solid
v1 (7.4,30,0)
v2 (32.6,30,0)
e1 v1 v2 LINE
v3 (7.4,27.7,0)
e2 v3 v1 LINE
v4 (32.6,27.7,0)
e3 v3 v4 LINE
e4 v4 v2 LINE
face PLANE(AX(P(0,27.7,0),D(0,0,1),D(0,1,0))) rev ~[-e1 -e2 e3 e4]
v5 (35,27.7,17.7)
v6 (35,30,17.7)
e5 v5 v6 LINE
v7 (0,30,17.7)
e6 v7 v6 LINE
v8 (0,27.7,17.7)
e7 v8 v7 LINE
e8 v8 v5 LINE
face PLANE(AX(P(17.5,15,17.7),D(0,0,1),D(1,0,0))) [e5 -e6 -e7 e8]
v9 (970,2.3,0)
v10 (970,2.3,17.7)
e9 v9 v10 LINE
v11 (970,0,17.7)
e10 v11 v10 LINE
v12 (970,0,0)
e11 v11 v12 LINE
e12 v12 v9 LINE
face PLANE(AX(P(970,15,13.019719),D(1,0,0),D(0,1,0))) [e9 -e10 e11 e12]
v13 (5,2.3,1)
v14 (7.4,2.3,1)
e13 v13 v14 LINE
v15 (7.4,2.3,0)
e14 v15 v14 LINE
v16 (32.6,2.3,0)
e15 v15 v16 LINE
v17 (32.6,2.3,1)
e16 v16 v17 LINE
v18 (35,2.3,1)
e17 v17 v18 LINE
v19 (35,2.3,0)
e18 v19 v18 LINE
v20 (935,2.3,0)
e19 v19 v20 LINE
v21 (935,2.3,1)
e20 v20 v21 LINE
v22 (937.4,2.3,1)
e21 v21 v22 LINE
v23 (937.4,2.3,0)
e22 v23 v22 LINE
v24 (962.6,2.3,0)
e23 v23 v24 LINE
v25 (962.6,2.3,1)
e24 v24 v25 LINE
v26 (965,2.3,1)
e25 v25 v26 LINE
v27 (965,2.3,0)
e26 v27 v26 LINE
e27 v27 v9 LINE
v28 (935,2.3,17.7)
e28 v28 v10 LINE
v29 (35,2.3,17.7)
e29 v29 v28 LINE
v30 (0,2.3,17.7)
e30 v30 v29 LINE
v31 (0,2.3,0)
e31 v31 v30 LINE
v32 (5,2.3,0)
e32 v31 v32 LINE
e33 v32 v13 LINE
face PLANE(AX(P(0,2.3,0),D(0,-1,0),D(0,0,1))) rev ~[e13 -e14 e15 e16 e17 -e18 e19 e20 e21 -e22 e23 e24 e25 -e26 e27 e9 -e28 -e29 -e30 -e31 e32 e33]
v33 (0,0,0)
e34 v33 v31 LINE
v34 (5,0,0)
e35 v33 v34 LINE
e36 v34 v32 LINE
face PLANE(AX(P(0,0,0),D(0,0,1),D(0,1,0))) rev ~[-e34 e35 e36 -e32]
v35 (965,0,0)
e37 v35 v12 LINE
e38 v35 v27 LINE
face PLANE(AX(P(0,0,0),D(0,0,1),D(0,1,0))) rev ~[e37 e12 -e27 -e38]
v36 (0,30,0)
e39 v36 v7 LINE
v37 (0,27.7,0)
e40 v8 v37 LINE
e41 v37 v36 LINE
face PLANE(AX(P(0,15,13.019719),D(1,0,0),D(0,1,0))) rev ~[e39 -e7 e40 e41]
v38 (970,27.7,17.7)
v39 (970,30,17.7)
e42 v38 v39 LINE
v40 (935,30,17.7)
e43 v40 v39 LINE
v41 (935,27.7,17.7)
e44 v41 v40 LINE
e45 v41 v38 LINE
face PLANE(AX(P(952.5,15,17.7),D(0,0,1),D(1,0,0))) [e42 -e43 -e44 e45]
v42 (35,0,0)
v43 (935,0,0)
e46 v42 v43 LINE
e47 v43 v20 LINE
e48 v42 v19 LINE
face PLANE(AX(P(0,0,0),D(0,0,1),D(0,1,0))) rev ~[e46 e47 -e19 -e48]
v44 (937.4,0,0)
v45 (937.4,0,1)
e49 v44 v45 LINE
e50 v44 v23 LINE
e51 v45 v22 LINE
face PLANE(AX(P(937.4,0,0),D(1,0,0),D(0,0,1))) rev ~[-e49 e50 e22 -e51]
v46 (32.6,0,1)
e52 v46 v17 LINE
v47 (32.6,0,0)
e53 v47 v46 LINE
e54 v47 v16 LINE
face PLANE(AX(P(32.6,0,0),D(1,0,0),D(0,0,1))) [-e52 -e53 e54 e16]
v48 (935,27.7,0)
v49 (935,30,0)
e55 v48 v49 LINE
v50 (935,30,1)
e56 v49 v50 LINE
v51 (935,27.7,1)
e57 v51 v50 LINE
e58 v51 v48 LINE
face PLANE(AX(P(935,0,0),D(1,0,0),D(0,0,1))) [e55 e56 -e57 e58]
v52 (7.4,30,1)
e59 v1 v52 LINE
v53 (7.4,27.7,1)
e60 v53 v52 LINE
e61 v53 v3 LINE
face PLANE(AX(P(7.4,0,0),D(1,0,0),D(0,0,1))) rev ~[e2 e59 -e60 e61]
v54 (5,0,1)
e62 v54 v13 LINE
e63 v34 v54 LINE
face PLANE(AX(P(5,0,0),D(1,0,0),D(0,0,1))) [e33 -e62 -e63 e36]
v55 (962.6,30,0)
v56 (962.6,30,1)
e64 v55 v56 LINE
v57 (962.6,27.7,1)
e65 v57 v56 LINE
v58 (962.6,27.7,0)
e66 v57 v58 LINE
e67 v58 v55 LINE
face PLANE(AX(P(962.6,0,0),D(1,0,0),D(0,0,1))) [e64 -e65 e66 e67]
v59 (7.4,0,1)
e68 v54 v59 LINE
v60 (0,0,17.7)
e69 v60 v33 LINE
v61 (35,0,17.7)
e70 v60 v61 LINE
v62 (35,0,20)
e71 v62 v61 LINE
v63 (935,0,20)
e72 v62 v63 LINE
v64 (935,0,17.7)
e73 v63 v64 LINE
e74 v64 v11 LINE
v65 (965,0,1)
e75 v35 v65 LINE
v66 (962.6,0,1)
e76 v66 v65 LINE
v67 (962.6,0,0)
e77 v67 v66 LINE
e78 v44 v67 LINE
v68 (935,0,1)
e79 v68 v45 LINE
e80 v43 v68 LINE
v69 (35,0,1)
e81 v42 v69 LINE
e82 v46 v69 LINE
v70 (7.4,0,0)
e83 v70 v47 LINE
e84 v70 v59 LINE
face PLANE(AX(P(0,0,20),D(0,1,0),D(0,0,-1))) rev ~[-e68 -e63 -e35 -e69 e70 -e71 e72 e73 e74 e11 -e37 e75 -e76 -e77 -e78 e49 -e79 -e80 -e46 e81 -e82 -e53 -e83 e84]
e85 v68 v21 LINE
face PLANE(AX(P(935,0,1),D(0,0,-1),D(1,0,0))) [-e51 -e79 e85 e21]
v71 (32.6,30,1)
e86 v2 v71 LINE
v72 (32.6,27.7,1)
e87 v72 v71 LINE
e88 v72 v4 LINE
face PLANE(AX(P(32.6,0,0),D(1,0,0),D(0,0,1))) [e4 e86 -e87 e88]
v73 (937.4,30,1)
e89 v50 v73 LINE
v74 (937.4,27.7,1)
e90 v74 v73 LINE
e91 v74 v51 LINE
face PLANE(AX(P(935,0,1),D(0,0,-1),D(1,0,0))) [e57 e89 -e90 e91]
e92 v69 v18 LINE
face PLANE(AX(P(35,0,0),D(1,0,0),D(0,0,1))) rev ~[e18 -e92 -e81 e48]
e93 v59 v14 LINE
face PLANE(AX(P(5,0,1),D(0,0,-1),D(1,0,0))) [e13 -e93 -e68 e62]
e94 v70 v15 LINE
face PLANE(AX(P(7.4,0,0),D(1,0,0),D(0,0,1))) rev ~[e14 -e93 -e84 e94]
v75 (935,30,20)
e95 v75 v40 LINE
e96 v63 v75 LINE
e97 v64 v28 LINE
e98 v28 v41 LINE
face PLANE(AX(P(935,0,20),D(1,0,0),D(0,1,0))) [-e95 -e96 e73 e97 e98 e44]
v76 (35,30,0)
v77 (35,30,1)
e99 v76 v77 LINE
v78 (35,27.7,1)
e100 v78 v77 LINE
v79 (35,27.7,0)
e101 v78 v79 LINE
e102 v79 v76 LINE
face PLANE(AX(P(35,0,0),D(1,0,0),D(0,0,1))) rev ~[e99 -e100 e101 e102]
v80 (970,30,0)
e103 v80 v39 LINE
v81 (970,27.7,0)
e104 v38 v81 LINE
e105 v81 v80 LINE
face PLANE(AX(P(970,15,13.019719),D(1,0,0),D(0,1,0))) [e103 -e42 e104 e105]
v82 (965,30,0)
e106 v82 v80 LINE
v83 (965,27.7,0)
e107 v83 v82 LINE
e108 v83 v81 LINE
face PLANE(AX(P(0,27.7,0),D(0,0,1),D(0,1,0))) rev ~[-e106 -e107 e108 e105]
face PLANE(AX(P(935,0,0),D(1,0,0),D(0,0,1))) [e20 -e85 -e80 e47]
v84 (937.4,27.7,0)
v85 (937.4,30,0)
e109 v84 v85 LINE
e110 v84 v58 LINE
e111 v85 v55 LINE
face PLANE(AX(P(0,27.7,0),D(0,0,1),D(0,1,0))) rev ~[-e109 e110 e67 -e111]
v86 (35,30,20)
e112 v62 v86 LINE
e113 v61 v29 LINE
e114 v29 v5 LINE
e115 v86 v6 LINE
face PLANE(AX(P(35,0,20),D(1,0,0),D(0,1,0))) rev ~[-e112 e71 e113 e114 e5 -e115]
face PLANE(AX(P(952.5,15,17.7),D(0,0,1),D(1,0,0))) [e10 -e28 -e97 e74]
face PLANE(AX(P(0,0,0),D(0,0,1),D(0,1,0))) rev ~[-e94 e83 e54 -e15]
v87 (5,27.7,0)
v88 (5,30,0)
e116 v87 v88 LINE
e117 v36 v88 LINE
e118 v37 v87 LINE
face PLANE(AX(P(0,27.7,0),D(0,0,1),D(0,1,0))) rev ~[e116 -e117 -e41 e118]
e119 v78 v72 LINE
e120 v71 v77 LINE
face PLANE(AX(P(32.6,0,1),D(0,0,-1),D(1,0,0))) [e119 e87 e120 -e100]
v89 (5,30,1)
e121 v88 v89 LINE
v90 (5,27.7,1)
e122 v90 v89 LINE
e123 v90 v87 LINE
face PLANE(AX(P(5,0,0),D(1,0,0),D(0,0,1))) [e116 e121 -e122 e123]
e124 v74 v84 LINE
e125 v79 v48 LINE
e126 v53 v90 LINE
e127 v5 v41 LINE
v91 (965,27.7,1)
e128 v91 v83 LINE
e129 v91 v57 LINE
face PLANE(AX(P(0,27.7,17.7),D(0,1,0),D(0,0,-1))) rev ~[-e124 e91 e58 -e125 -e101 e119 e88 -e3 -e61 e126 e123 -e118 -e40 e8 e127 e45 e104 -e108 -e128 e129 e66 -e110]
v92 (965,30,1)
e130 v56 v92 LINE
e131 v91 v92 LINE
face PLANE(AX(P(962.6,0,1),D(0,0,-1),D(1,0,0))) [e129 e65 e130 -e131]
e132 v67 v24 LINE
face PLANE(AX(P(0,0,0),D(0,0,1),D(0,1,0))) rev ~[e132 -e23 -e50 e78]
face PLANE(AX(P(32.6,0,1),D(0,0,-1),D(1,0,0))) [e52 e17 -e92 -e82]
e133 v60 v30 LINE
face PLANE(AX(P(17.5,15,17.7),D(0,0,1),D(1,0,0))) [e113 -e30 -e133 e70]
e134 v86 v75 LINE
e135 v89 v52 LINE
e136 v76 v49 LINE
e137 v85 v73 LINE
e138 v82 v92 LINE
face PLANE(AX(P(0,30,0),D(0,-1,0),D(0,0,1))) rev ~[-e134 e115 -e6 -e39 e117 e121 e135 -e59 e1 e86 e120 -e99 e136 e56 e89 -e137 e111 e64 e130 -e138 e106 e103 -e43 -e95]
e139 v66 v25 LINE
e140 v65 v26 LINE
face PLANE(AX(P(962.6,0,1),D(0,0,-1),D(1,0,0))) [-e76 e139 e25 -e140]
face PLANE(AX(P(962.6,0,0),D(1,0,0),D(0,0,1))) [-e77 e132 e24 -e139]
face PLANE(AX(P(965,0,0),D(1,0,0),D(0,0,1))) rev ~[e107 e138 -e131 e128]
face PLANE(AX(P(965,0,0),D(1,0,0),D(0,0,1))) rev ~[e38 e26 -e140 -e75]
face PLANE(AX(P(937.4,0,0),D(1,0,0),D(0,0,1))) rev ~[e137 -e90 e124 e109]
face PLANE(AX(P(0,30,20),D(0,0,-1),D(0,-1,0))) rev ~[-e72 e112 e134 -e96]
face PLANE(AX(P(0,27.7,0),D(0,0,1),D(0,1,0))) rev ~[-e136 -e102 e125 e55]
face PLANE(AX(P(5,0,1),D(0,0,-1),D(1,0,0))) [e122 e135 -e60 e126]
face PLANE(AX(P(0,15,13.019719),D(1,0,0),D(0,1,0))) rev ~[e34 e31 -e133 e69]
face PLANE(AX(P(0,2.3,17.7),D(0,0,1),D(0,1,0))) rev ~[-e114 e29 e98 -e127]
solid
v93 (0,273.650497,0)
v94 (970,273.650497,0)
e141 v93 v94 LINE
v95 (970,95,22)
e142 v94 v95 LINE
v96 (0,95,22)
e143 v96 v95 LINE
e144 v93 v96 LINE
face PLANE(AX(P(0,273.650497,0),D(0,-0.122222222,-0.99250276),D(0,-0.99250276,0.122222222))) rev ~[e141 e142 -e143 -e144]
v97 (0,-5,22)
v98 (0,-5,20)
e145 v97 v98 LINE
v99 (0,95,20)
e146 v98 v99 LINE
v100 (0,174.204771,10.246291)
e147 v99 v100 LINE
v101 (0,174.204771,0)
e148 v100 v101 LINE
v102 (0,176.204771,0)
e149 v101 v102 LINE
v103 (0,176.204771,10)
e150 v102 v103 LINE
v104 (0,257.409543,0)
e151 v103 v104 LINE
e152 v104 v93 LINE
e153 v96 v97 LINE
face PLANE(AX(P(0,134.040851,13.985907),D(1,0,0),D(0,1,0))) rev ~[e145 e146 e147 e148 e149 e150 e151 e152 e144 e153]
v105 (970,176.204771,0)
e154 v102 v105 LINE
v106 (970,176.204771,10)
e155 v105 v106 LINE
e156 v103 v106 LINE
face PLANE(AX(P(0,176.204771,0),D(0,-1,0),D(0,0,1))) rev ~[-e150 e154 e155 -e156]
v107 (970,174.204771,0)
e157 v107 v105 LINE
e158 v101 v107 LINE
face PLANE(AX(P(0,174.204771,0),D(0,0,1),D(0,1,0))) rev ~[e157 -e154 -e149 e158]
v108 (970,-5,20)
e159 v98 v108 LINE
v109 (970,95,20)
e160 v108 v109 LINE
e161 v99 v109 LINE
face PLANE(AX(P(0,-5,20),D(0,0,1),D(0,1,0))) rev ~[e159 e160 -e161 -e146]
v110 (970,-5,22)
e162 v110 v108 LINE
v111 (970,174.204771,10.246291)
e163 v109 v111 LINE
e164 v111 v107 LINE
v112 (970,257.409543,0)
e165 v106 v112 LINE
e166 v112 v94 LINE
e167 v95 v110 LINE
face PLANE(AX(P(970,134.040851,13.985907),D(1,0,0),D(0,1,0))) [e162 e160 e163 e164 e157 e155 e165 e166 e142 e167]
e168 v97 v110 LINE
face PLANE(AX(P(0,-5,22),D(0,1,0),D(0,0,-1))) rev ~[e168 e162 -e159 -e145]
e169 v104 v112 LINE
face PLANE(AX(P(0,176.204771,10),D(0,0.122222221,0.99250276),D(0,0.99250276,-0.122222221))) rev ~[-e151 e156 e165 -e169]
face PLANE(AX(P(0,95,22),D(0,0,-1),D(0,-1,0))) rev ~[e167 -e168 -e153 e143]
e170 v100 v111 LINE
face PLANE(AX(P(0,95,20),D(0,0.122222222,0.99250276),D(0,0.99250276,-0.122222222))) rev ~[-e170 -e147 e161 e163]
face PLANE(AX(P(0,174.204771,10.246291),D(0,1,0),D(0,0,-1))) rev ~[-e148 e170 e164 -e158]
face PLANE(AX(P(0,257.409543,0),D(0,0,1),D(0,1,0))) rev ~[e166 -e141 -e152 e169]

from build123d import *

# Parameters (mm, degrees)
F1_DEPTH = 970
F2_W     = 35
F2_H     = 30
F3_DEPTH = 2.3
F4_W     = 2.4
F4_H     = 1
F5_DEPTH = 30.001
F7_DEPTH = 970


with BuildPart() as f1:
    # F0 (on Right) → F1 (new body)
    with BuildSketch(Plane.YZ):
        Polygon((0, 20), (0, 0), (2.3, 0), (2.3, 17.7), (27.7, 17.7), (27.7, 0), (30, 0), (30, 20), align=None)
    extrude(amount=F1_DEPTH)

    # F2 (on face) → F3 (cut)
    with BuildSketch(Plane.XY.offset(20)):
        with Locations((17.5, 15)):
            Rectangle(F2_W, F2_H)
        with Locations((952.5, 15)):
            Rectangle(F2_W, F2_H)
    extrude(amount=-F3_DEPTH, mode=Mode.SUBTRACT)

    # F4 (on face) → F5 (cut, through all)
    with BuildSketch(Plane.XZ):
        with Locations((33.8, 0.5)):
            Rectangle(F4_W, F4_H)
        with Locations((6.2, 0.5)):
            Rectangle(F4_W, F4_H)
        with Locations((936.2, 0.5)):
            Rectangle(F4_W, F4_H)
        with Locations((963.8, 0.5)):
            Rectangle(F4_W, F4_H)
    extrude(amount=-F5_DEPTH, mode=Mode.SUBTRACT)


with BuildPart() as f7:
    # F6 (on Right) → F7 (new body)
    with BuildSketch(Plane.YZ):
        Polygon((-5, 20), (95, 20), (174.204771, 10.246291), (176.204771, 10), (257.409543, 0), (273.650497, 0), (95, 22), (-5, 22), align=None)
        Polygon((176.204771, 10), (174.204771, 10.246291), (174.204771, 0), (176.204771, 0), align=None)
    extrude(amount=F7_DEPTH)


solid = Compound([f1.part, f7.part])
